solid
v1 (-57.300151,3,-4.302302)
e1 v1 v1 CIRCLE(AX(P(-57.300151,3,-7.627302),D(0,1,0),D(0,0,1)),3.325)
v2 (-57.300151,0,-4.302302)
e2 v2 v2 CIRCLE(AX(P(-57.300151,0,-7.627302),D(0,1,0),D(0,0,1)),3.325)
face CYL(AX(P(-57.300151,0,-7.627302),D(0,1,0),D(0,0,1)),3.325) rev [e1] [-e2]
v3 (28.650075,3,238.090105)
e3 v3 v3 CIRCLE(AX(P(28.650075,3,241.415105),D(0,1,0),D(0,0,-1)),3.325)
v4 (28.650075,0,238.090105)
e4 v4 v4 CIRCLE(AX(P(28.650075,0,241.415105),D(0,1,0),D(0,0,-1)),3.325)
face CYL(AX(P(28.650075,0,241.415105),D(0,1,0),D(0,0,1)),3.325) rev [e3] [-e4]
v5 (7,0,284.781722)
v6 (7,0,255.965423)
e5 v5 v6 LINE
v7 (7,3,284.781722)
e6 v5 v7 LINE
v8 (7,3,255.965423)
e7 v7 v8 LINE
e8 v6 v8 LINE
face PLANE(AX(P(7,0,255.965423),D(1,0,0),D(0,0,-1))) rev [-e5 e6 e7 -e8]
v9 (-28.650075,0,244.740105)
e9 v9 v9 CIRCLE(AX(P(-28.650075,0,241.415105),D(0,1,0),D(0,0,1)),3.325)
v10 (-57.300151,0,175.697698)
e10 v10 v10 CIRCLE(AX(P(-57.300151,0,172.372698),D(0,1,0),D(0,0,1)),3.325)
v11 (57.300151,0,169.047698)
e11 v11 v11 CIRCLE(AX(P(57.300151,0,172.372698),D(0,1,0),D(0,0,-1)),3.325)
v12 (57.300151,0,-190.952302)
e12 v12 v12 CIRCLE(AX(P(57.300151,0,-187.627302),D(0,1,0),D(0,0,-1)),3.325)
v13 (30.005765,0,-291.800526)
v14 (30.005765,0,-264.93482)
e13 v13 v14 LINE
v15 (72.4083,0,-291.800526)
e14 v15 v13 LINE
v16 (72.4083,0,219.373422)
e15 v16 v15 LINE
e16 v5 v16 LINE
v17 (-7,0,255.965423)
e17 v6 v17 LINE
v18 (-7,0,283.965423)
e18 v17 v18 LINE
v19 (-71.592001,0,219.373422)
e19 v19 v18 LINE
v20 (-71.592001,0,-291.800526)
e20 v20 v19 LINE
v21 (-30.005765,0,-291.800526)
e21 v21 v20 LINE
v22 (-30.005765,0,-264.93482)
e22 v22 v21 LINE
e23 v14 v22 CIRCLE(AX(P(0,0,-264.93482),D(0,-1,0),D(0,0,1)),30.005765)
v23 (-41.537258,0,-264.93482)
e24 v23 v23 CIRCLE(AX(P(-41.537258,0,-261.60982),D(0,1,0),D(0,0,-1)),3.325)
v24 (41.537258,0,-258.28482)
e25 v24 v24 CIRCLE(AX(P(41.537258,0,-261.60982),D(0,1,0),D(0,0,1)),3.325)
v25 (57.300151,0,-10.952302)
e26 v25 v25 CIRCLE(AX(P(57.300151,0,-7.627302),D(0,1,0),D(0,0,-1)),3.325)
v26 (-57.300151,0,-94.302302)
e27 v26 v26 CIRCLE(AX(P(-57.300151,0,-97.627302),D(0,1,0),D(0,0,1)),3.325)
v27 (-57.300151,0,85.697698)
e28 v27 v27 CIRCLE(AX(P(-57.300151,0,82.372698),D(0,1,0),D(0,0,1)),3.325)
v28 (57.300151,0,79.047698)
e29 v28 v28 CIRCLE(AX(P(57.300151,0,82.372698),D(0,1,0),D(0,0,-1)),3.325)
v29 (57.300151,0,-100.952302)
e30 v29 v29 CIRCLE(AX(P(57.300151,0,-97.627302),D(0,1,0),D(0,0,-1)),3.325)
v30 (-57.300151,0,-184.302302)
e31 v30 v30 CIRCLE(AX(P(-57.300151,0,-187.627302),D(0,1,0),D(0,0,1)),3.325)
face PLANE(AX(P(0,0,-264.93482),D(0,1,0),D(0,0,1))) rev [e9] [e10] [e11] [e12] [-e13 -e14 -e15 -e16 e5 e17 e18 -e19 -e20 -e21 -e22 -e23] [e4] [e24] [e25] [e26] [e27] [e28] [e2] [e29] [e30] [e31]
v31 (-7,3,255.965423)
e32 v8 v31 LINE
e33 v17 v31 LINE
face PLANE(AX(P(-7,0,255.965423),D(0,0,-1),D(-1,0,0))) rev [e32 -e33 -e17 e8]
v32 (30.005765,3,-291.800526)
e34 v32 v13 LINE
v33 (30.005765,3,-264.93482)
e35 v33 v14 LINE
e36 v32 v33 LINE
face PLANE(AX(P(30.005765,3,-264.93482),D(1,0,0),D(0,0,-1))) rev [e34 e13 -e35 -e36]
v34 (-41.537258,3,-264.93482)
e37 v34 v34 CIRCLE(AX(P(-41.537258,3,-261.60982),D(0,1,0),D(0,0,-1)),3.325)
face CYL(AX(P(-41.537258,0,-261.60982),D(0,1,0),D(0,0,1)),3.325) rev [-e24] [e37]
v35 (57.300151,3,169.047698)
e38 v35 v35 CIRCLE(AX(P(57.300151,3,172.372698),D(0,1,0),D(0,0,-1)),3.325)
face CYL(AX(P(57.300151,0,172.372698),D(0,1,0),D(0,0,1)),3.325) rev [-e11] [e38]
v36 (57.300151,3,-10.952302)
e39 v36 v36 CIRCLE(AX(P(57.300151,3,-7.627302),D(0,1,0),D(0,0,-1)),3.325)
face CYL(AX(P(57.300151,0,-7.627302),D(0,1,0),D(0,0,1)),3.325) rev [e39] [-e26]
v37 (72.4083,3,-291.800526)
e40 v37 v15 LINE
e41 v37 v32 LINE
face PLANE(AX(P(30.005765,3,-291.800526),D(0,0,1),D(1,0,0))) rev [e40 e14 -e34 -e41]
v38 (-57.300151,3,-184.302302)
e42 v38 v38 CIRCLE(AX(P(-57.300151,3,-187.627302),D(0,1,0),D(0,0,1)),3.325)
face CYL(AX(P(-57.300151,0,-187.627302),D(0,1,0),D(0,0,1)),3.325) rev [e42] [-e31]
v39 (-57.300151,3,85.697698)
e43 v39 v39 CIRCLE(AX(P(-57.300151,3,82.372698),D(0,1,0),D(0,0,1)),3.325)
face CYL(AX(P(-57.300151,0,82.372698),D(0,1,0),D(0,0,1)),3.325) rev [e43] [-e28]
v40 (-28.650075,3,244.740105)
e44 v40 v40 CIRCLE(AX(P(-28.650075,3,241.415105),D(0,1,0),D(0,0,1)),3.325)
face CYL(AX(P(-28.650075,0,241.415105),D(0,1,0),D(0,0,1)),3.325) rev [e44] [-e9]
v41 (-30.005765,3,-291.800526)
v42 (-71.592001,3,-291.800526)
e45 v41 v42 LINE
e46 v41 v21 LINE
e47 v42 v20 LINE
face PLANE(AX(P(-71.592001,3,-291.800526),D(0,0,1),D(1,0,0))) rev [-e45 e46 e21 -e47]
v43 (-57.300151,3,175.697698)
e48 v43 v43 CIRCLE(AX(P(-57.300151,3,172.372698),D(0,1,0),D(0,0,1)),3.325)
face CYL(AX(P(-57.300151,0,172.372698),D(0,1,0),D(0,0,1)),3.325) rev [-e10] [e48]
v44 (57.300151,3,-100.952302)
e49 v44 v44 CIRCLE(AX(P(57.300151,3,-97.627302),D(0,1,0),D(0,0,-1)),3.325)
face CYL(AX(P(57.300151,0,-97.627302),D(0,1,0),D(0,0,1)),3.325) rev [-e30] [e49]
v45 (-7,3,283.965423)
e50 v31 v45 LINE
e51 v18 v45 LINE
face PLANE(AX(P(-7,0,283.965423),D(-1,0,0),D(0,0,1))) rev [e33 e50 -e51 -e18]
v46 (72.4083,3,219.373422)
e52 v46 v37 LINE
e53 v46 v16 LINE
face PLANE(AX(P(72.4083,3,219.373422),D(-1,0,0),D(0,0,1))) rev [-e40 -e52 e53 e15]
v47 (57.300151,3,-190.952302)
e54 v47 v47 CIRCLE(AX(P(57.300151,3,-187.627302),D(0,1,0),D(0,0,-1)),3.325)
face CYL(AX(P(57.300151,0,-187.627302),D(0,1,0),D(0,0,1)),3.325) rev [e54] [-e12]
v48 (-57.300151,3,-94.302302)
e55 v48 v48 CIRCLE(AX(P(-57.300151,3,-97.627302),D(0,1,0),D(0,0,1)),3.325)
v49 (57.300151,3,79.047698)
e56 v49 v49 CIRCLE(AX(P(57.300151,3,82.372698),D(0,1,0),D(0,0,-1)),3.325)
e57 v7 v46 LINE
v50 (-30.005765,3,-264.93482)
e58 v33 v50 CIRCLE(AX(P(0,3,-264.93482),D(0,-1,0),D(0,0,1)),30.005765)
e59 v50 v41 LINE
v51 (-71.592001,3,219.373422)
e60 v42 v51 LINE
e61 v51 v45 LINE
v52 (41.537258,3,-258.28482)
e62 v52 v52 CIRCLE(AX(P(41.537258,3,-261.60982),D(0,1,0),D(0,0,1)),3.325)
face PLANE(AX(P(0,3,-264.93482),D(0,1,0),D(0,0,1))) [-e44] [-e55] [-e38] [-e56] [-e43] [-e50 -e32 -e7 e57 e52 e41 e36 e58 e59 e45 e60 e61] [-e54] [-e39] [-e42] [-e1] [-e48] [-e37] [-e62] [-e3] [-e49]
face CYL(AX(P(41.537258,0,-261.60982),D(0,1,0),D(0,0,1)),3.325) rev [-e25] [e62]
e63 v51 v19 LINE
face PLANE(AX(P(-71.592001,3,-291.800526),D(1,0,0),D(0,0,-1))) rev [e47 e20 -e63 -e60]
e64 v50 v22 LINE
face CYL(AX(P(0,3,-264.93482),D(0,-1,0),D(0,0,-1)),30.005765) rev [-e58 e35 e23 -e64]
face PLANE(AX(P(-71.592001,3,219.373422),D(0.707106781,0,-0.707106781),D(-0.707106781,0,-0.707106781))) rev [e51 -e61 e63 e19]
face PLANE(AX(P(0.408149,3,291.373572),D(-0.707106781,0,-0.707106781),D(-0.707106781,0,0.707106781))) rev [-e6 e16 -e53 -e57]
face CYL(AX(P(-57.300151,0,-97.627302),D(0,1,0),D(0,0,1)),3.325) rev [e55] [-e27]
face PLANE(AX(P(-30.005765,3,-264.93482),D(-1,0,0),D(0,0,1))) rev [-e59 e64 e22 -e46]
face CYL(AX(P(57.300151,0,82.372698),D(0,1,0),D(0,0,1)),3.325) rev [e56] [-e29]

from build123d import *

# Parameters (mm, degrees)
BOSS_EXTRUDE2_DEPTH     = 3
CUT_EXTRUDE1_DEPTH      = 301.665110986
CUT_EXTRUDE2_DEPTH      = 301.665110986
CUT_EXTRUDE2_DEPTH_BACK = 301.665110986
SKETCH5_R               = 3.325


with BuildPart() as part:
    # Sketch3 → Boss-Extrude2 (new body)
    with BuildSketch(Plane(origin=(0, 0, 0), x_dir=(1, 0, 0), z_dir=(0, 1, 0))):
        with BuildLine():
            Line((-71.592001125, 291.800526166), (-30.005764519, 291.800526166))
            Line((-30.005764519, 291.800526166), (-30.005764519, 264.934819646))
            ThreePointArc((-30.005764519, 264.934819646), (0, 234.929055126), (30.005764519, 264.934819646))
            Line((30.005764519, 264.934819646), (30.005764519, 291.800526166))
            Line((30.005764519, 291.800526166), (72.408299895, 291.800526166))
            Line((72.408299895, 291.800526166), (72.408299895, -219.373421964))
            Line((72.408299895, -219.373421964), (0.408149385, -291.373572474))
            Line((0.408149385, -291.373572474), (-71.592001125, -219.373421964))
            Line((-71.592001125, -219.373421964), (-71.592001125, 291.800526166))
        make_face()
    extrude(amount=BOSS_EXTRUDE2_DEPTH)

    # Sketch4 → Cut-Extrude1 (cut, through all)
    with BuildSketch(Plane(origin=(0, 3, 0), x_dir=(1, 0, 0), z_dir=(0, 1, 0))):
        Polygon((-7, -283.965423089), (-7, -255.965423089), (7, -255.965423089), (7, -284.781721859), (0.408149385, -291.373572474), align=None)
    extrude(amount=-CUT_EXTRUDE1_DEPTH, mode=Mode.SUBTRACT)

    # Sketch5 → Cut-Extrude2 (cut, two sides: drawn at the far end of the back side and taken through both)
    with BuildSketch(Plane(origin=(0, 3, 0), x_dir=(1, 0, 0), z_dir=(0, 1, 0)).offset(-CUT_EXTRUDE2_DEPTH_BACK)):
        with Locations(Location((-28.65007526, -241.415105099, 0), (0, 0, 270))):
            Circle(SKETCH5_R)
        with Locations(Location((-57.30015051, -172.372698109, 0), (0, 0, 270))):
            Circle(SKETCH5_R)
        with Locations(Location((-57.30015051, -82.372698109, 0), (0, 0, 270))):
            Circle(SKETCH5_R)
        with Locations(Location((-57.30015051, 7.627301891, 0), (0, 0, 270))):
            Circle(SKETCH5_R)
        with Locations(Location((-57.30015051, 97.627301891, 0), (0, 0, 270))):
            Circle(SKETCH5_R)
        with Locations(Location((-57.30015051, 187.627301891, 0), (0, 0, 270))):
            Circle(SKETCH5_R)
        with Locations(Location((57.30015051, 187.627301891, 0), (0, 0, 90))):
            Circle(SKETCH5_R)
        with Locations(Location((57.30015051, 97.627301891, 0), (0, 0, 90))):
            Circle(SKETCH5_R)
        with Locations(Location((57.30015051, -82.372698109, 0), (0, 0, 90))):
            Circle(SKETCH5_R)
        with Locations(Location((57.30015051, -172.372698109, 0), (0, 0, 90))):
            Circle(SKETCH5_R)
        with Locations(Location((57.30015051, 7.627301891, 0), (0, 0, 90))):
            Circle(SKETCH5_R)
        with Locations(Location((28.65007526, -241.415105099, 0), (0, 0, 90))):
            Circle(SKETCH5_R)
        with Locations(Location((41.537257894, 261.609819636, 0), (0, 0, 270))):
            Circle(SKETCH5_R)
        with Locations(Location((-41.537257894, 261.609819636, 0), (0, 0, 90))):
            Circle(SKETCH5_R)
    extrude(amount=CUT_EXTRUDE2_DEPTH + CUT_EXTRUDE2_DEPTH_BACK, mode=Mode.SUBTRACT)


solid = part.part
